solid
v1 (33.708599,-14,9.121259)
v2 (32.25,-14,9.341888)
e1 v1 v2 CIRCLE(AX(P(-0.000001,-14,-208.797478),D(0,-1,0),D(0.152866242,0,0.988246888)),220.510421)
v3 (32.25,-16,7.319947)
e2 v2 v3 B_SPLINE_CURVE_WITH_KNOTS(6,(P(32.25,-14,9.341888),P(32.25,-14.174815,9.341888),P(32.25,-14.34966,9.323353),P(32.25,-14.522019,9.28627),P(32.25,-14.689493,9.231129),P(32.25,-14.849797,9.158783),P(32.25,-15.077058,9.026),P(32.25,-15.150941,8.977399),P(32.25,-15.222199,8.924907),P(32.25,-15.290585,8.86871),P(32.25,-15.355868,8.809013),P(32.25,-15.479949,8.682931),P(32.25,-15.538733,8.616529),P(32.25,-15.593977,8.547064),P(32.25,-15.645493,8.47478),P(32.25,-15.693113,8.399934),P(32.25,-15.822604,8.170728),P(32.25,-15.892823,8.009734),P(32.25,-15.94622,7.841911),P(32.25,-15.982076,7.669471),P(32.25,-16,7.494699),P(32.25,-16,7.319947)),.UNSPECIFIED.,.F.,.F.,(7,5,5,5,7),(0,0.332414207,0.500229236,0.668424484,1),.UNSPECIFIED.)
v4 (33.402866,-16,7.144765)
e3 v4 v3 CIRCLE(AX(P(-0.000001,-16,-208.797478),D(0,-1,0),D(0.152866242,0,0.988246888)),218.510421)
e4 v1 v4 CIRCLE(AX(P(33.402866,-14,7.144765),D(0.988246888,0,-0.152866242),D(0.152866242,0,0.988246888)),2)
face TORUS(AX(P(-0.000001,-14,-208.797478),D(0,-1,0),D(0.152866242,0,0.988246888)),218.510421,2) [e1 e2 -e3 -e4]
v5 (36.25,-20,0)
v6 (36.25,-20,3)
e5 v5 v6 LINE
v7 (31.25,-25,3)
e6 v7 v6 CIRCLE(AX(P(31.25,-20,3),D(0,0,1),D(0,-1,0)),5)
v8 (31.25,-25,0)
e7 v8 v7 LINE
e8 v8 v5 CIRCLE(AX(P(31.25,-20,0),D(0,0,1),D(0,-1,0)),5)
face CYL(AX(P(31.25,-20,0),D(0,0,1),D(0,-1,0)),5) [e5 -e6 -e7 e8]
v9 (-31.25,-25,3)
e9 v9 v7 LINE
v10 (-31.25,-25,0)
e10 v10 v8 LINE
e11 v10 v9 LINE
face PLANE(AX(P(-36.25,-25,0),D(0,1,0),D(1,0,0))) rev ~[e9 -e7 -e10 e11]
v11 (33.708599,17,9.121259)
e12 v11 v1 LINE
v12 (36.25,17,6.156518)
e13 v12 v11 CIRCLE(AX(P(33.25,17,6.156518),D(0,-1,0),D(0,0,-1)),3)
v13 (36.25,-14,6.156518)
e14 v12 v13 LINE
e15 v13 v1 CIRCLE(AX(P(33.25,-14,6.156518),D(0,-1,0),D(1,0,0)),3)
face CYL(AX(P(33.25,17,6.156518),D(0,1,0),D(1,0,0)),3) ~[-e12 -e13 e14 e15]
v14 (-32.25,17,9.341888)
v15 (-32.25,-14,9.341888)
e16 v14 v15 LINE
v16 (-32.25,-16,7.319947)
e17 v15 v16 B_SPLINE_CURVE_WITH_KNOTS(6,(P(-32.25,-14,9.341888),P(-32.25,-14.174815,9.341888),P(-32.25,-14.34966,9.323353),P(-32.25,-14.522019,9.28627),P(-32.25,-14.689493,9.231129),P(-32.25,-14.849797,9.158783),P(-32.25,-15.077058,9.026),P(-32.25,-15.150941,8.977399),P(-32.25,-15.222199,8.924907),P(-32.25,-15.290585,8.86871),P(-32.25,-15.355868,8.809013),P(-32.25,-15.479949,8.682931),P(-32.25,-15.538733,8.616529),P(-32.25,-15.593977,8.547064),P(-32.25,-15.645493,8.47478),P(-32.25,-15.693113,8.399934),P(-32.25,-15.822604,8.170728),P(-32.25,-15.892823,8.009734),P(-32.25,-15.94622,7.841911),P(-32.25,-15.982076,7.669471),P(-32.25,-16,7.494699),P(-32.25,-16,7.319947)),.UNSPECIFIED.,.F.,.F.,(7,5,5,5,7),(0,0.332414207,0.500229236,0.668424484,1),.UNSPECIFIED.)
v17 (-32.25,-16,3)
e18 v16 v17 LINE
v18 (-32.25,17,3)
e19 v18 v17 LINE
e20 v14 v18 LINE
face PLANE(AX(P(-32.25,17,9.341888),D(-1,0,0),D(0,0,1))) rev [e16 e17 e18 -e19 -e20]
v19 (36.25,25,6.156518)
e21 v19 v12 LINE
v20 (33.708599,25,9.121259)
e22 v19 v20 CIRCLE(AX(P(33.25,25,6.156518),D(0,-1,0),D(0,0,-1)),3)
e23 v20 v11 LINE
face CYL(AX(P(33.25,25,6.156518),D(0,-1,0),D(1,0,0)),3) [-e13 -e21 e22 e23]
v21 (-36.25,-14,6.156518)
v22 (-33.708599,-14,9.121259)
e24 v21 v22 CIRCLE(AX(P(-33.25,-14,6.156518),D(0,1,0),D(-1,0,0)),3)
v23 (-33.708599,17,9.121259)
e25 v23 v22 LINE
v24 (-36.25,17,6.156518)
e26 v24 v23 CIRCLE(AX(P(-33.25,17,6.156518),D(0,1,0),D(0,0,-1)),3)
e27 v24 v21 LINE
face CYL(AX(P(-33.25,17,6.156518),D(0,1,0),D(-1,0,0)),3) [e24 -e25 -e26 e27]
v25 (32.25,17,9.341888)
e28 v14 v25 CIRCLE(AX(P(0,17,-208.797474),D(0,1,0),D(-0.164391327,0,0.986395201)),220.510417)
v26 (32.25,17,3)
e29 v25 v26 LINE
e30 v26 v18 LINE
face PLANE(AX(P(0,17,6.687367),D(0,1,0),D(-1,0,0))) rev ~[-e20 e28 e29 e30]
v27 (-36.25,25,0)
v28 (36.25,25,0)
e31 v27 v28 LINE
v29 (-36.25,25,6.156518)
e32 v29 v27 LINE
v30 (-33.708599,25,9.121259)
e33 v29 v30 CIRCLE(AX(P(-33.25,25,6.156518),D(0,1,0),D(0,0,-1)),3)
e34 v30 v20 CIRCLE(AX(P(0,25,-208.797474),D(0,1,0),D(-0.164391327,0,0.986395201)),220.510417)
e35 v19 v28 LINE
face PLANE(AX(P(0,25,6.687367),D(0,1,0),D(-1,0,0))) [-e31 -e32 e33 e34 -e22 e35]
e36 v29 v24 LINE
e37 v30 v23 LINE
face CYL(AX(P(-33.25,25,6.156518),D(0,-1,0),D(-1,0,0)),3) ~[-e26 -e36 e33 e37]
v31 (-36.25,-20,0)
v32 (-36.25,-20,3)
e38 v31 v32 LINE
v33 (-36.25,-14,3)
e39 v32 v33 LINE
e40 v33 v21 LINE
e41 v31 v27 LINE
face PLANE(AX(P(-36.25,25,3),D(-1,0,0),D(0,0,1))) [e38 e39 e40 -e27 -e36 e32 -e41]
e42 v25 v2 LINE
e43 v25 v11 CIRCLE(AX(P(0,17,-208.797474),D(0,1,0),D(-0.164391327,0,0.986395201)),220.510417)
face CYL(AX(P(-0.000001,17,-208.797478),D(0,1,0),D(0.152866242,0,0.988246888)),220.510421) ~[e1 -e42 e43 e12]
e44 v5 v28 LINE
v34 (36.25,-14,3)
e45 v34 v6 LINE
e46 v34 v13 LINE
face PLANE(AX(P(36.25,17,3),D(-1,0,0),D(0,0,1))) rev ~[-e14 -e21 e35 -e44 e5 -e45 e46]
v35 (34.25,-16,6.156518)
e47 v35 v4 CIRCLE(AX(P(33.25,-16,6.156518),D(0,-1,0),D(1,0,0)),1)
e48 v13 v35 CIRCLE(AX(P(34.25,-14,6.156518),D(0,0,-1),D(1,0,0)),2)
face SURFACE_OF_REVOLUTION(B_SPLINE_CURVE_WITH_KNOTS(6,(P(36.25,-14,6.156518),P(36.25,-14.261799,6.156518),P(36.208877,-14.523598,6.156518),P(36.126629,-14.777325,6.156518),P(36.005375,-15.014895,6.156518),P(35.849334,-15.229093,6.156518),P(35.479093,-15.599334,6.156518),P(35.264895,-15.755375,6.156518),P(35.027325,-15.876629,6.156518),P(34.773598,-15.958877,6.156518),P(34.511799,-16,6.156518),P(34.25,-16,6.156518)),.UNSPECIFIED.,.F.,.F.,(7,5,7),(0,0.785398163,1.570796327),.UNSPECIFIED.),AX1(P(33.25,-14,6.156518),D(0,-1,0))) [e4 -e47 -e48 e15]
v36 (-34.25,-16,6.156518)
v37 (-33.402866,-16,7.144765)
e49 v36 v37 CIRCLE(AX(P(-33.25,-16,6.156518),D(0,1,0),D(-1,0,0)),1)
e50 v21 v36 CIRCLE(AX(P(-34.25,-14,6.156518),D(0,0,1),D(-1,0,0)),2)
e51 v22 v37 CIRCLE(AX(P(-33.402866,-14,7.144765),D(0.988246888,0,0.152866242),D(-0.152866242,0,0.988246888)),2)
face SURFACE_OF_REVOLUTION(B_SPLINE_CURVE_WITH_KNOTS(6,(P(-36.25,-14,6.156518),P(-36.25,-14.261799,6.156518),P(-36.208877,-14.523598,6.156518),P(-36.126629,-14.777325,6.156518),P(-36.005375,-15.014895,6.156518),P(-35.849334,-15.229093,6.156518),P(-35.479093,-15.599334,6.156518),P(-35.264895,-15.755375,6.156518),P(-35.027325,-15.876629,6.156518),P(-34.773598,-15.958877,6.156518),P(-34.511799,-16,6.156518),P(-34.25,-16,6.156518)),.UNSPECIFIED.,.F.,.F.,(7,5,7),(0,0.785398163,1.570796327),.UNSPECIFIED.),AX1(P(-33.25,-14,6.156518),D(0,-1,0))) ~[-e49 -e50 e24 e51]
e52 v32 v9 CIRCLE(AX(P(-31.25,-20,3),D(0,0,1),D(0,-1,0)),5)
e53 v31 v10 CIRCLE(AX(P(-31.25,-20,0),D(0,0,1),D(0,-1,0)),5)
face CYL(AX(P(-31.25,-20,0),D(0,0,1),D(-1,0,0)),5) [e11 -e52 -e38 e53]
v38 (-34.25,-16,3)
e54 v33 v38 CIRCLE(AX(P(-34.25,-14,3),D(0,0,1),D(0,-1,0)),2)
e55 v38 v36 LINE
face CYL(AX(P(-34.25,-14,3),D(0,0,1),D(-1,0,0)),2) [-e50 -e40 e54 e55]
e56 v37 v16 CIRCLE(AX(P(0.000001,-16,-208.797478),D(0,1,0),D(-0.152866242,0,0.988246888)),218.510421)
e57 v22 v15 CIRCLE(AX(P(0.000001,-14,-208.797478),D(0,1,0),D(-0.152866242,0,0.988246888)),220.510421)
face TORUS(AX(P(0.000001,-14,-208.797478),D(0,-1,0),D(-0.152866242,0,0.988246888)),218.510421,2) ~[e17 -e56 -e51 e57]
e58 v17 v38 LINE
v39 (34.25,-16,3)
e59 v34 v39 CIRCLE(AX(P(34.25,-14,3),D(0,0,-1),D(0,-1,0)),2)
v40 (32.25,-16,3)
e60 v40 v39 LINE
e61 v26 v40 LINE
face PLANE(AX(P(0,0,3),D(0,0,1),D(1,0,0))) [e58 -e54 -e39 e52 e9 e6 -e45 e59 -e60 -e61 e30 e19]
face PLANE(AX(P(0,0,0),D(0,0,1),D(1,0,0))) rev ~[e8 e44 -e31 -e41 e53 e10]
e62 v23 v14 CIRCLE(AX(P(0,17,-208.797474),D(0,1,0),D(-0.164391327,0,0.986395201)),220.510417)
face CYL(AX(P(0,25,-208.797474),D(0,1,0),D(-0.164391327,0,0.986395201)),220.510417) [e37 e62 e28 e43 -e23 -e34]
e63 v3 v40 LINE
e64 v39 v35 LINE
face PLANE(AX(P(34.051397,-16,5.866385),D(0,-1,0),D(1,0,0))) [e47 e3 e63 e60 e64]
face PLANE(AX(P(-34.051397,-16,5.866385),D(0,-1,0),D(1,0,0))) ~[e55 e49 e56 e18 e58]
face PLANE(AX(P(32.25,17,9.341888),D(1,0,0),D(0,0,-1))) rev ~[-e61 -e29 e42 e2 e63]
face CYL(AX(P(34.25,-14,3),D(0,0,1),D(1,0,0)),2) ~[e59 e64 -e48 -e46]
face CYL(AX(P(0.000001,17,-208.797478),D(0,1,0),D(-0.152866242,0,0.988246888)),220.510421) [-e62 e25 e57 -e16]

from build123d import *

# Parameters (mm, degrees)
F0_W     = 72.5
F0_H     = 50
F1_DEPTH = 3
F2_R     = 5
F4_DEPTH = 8
F5_R     = 3
F7_DEPTH = 33
F8_R     = 2


with BuildPart() as f1:
    # F0 (on Top) → F1 (new body)
    with BuildSketch(Plane.XY):
        Rectangle(F0_W, F0_H)
    extrude(amount=F1_DEPTH)

    # F2
    f2_edges = [f1.edges().sort_by_distance(p)[0] for p in [
        (36.25, -25, 1.5),
        (-36.25, -25, 1.5),
    ]]
    fillet(f2_edges, radius=F2_R)

    # F3 (on face) → F4 (join)
    with BuildSketch(Plane(origin=(0, 25, 0), x_dir=(-1, 0, 0), z_dir=(0, 1, 0))):
        with BuildLine():
            Line((36.25, 3), (36.25, 8.712942712))
            ThreePointArc((36.25, 8.712942712), (0, 11.712942712), (-36.25, 8.712942712))
            Line((-36.25, 8.712942712), (-36.25, 3))
            Line((-36.25, 3), (36.25, 3))
        make_face()
    extrude(amount=-F4_DEPTH)

    # F5
    f5_edges = [f1.edges().sort_by_distance(p)[0] for p in [
        (36.25, 21, 8.712943),
        (-36.25, 21, 8.712943),
    ]]
    fillet(f5_edges, radius=F5_R)

    # F6 (on face) → F7 (join)
    with BuildSketch(Plane.XZ.offset(-17)):
        with BuildLine():
            Line((32.25, 3), (36.25, 3))
            Line((36.25, 3), (36.25, 6.1565184682))
            ThreePointArc((36.25, 6.1565184682), (35.527695785, 8.1089789443), (33.7085987261, 9.1212591328))
            ThreePointArc((33.7085987261, 9.1212591328), (32.9794838617, 9.2327934458), (32.25, 9.3418882854))
            Line((32.25, 9.3418882854), (32.25, 3))
        make_face()
    extrude(amount=F7_DEPTH)

    # F8
    f8_edges = [f1.edges().sort_by_distance(p)[0] for p in [
        (36.25, -16, 4.578259),
    ]]
    fillet(f8_edges, radius=F8_R)

    # F9: F1 across plane


with BuildPart() as f1_1:
    add(f1.part)
    add(f1.part.mirror(Plane.YZ))


solid = f1_1.part
